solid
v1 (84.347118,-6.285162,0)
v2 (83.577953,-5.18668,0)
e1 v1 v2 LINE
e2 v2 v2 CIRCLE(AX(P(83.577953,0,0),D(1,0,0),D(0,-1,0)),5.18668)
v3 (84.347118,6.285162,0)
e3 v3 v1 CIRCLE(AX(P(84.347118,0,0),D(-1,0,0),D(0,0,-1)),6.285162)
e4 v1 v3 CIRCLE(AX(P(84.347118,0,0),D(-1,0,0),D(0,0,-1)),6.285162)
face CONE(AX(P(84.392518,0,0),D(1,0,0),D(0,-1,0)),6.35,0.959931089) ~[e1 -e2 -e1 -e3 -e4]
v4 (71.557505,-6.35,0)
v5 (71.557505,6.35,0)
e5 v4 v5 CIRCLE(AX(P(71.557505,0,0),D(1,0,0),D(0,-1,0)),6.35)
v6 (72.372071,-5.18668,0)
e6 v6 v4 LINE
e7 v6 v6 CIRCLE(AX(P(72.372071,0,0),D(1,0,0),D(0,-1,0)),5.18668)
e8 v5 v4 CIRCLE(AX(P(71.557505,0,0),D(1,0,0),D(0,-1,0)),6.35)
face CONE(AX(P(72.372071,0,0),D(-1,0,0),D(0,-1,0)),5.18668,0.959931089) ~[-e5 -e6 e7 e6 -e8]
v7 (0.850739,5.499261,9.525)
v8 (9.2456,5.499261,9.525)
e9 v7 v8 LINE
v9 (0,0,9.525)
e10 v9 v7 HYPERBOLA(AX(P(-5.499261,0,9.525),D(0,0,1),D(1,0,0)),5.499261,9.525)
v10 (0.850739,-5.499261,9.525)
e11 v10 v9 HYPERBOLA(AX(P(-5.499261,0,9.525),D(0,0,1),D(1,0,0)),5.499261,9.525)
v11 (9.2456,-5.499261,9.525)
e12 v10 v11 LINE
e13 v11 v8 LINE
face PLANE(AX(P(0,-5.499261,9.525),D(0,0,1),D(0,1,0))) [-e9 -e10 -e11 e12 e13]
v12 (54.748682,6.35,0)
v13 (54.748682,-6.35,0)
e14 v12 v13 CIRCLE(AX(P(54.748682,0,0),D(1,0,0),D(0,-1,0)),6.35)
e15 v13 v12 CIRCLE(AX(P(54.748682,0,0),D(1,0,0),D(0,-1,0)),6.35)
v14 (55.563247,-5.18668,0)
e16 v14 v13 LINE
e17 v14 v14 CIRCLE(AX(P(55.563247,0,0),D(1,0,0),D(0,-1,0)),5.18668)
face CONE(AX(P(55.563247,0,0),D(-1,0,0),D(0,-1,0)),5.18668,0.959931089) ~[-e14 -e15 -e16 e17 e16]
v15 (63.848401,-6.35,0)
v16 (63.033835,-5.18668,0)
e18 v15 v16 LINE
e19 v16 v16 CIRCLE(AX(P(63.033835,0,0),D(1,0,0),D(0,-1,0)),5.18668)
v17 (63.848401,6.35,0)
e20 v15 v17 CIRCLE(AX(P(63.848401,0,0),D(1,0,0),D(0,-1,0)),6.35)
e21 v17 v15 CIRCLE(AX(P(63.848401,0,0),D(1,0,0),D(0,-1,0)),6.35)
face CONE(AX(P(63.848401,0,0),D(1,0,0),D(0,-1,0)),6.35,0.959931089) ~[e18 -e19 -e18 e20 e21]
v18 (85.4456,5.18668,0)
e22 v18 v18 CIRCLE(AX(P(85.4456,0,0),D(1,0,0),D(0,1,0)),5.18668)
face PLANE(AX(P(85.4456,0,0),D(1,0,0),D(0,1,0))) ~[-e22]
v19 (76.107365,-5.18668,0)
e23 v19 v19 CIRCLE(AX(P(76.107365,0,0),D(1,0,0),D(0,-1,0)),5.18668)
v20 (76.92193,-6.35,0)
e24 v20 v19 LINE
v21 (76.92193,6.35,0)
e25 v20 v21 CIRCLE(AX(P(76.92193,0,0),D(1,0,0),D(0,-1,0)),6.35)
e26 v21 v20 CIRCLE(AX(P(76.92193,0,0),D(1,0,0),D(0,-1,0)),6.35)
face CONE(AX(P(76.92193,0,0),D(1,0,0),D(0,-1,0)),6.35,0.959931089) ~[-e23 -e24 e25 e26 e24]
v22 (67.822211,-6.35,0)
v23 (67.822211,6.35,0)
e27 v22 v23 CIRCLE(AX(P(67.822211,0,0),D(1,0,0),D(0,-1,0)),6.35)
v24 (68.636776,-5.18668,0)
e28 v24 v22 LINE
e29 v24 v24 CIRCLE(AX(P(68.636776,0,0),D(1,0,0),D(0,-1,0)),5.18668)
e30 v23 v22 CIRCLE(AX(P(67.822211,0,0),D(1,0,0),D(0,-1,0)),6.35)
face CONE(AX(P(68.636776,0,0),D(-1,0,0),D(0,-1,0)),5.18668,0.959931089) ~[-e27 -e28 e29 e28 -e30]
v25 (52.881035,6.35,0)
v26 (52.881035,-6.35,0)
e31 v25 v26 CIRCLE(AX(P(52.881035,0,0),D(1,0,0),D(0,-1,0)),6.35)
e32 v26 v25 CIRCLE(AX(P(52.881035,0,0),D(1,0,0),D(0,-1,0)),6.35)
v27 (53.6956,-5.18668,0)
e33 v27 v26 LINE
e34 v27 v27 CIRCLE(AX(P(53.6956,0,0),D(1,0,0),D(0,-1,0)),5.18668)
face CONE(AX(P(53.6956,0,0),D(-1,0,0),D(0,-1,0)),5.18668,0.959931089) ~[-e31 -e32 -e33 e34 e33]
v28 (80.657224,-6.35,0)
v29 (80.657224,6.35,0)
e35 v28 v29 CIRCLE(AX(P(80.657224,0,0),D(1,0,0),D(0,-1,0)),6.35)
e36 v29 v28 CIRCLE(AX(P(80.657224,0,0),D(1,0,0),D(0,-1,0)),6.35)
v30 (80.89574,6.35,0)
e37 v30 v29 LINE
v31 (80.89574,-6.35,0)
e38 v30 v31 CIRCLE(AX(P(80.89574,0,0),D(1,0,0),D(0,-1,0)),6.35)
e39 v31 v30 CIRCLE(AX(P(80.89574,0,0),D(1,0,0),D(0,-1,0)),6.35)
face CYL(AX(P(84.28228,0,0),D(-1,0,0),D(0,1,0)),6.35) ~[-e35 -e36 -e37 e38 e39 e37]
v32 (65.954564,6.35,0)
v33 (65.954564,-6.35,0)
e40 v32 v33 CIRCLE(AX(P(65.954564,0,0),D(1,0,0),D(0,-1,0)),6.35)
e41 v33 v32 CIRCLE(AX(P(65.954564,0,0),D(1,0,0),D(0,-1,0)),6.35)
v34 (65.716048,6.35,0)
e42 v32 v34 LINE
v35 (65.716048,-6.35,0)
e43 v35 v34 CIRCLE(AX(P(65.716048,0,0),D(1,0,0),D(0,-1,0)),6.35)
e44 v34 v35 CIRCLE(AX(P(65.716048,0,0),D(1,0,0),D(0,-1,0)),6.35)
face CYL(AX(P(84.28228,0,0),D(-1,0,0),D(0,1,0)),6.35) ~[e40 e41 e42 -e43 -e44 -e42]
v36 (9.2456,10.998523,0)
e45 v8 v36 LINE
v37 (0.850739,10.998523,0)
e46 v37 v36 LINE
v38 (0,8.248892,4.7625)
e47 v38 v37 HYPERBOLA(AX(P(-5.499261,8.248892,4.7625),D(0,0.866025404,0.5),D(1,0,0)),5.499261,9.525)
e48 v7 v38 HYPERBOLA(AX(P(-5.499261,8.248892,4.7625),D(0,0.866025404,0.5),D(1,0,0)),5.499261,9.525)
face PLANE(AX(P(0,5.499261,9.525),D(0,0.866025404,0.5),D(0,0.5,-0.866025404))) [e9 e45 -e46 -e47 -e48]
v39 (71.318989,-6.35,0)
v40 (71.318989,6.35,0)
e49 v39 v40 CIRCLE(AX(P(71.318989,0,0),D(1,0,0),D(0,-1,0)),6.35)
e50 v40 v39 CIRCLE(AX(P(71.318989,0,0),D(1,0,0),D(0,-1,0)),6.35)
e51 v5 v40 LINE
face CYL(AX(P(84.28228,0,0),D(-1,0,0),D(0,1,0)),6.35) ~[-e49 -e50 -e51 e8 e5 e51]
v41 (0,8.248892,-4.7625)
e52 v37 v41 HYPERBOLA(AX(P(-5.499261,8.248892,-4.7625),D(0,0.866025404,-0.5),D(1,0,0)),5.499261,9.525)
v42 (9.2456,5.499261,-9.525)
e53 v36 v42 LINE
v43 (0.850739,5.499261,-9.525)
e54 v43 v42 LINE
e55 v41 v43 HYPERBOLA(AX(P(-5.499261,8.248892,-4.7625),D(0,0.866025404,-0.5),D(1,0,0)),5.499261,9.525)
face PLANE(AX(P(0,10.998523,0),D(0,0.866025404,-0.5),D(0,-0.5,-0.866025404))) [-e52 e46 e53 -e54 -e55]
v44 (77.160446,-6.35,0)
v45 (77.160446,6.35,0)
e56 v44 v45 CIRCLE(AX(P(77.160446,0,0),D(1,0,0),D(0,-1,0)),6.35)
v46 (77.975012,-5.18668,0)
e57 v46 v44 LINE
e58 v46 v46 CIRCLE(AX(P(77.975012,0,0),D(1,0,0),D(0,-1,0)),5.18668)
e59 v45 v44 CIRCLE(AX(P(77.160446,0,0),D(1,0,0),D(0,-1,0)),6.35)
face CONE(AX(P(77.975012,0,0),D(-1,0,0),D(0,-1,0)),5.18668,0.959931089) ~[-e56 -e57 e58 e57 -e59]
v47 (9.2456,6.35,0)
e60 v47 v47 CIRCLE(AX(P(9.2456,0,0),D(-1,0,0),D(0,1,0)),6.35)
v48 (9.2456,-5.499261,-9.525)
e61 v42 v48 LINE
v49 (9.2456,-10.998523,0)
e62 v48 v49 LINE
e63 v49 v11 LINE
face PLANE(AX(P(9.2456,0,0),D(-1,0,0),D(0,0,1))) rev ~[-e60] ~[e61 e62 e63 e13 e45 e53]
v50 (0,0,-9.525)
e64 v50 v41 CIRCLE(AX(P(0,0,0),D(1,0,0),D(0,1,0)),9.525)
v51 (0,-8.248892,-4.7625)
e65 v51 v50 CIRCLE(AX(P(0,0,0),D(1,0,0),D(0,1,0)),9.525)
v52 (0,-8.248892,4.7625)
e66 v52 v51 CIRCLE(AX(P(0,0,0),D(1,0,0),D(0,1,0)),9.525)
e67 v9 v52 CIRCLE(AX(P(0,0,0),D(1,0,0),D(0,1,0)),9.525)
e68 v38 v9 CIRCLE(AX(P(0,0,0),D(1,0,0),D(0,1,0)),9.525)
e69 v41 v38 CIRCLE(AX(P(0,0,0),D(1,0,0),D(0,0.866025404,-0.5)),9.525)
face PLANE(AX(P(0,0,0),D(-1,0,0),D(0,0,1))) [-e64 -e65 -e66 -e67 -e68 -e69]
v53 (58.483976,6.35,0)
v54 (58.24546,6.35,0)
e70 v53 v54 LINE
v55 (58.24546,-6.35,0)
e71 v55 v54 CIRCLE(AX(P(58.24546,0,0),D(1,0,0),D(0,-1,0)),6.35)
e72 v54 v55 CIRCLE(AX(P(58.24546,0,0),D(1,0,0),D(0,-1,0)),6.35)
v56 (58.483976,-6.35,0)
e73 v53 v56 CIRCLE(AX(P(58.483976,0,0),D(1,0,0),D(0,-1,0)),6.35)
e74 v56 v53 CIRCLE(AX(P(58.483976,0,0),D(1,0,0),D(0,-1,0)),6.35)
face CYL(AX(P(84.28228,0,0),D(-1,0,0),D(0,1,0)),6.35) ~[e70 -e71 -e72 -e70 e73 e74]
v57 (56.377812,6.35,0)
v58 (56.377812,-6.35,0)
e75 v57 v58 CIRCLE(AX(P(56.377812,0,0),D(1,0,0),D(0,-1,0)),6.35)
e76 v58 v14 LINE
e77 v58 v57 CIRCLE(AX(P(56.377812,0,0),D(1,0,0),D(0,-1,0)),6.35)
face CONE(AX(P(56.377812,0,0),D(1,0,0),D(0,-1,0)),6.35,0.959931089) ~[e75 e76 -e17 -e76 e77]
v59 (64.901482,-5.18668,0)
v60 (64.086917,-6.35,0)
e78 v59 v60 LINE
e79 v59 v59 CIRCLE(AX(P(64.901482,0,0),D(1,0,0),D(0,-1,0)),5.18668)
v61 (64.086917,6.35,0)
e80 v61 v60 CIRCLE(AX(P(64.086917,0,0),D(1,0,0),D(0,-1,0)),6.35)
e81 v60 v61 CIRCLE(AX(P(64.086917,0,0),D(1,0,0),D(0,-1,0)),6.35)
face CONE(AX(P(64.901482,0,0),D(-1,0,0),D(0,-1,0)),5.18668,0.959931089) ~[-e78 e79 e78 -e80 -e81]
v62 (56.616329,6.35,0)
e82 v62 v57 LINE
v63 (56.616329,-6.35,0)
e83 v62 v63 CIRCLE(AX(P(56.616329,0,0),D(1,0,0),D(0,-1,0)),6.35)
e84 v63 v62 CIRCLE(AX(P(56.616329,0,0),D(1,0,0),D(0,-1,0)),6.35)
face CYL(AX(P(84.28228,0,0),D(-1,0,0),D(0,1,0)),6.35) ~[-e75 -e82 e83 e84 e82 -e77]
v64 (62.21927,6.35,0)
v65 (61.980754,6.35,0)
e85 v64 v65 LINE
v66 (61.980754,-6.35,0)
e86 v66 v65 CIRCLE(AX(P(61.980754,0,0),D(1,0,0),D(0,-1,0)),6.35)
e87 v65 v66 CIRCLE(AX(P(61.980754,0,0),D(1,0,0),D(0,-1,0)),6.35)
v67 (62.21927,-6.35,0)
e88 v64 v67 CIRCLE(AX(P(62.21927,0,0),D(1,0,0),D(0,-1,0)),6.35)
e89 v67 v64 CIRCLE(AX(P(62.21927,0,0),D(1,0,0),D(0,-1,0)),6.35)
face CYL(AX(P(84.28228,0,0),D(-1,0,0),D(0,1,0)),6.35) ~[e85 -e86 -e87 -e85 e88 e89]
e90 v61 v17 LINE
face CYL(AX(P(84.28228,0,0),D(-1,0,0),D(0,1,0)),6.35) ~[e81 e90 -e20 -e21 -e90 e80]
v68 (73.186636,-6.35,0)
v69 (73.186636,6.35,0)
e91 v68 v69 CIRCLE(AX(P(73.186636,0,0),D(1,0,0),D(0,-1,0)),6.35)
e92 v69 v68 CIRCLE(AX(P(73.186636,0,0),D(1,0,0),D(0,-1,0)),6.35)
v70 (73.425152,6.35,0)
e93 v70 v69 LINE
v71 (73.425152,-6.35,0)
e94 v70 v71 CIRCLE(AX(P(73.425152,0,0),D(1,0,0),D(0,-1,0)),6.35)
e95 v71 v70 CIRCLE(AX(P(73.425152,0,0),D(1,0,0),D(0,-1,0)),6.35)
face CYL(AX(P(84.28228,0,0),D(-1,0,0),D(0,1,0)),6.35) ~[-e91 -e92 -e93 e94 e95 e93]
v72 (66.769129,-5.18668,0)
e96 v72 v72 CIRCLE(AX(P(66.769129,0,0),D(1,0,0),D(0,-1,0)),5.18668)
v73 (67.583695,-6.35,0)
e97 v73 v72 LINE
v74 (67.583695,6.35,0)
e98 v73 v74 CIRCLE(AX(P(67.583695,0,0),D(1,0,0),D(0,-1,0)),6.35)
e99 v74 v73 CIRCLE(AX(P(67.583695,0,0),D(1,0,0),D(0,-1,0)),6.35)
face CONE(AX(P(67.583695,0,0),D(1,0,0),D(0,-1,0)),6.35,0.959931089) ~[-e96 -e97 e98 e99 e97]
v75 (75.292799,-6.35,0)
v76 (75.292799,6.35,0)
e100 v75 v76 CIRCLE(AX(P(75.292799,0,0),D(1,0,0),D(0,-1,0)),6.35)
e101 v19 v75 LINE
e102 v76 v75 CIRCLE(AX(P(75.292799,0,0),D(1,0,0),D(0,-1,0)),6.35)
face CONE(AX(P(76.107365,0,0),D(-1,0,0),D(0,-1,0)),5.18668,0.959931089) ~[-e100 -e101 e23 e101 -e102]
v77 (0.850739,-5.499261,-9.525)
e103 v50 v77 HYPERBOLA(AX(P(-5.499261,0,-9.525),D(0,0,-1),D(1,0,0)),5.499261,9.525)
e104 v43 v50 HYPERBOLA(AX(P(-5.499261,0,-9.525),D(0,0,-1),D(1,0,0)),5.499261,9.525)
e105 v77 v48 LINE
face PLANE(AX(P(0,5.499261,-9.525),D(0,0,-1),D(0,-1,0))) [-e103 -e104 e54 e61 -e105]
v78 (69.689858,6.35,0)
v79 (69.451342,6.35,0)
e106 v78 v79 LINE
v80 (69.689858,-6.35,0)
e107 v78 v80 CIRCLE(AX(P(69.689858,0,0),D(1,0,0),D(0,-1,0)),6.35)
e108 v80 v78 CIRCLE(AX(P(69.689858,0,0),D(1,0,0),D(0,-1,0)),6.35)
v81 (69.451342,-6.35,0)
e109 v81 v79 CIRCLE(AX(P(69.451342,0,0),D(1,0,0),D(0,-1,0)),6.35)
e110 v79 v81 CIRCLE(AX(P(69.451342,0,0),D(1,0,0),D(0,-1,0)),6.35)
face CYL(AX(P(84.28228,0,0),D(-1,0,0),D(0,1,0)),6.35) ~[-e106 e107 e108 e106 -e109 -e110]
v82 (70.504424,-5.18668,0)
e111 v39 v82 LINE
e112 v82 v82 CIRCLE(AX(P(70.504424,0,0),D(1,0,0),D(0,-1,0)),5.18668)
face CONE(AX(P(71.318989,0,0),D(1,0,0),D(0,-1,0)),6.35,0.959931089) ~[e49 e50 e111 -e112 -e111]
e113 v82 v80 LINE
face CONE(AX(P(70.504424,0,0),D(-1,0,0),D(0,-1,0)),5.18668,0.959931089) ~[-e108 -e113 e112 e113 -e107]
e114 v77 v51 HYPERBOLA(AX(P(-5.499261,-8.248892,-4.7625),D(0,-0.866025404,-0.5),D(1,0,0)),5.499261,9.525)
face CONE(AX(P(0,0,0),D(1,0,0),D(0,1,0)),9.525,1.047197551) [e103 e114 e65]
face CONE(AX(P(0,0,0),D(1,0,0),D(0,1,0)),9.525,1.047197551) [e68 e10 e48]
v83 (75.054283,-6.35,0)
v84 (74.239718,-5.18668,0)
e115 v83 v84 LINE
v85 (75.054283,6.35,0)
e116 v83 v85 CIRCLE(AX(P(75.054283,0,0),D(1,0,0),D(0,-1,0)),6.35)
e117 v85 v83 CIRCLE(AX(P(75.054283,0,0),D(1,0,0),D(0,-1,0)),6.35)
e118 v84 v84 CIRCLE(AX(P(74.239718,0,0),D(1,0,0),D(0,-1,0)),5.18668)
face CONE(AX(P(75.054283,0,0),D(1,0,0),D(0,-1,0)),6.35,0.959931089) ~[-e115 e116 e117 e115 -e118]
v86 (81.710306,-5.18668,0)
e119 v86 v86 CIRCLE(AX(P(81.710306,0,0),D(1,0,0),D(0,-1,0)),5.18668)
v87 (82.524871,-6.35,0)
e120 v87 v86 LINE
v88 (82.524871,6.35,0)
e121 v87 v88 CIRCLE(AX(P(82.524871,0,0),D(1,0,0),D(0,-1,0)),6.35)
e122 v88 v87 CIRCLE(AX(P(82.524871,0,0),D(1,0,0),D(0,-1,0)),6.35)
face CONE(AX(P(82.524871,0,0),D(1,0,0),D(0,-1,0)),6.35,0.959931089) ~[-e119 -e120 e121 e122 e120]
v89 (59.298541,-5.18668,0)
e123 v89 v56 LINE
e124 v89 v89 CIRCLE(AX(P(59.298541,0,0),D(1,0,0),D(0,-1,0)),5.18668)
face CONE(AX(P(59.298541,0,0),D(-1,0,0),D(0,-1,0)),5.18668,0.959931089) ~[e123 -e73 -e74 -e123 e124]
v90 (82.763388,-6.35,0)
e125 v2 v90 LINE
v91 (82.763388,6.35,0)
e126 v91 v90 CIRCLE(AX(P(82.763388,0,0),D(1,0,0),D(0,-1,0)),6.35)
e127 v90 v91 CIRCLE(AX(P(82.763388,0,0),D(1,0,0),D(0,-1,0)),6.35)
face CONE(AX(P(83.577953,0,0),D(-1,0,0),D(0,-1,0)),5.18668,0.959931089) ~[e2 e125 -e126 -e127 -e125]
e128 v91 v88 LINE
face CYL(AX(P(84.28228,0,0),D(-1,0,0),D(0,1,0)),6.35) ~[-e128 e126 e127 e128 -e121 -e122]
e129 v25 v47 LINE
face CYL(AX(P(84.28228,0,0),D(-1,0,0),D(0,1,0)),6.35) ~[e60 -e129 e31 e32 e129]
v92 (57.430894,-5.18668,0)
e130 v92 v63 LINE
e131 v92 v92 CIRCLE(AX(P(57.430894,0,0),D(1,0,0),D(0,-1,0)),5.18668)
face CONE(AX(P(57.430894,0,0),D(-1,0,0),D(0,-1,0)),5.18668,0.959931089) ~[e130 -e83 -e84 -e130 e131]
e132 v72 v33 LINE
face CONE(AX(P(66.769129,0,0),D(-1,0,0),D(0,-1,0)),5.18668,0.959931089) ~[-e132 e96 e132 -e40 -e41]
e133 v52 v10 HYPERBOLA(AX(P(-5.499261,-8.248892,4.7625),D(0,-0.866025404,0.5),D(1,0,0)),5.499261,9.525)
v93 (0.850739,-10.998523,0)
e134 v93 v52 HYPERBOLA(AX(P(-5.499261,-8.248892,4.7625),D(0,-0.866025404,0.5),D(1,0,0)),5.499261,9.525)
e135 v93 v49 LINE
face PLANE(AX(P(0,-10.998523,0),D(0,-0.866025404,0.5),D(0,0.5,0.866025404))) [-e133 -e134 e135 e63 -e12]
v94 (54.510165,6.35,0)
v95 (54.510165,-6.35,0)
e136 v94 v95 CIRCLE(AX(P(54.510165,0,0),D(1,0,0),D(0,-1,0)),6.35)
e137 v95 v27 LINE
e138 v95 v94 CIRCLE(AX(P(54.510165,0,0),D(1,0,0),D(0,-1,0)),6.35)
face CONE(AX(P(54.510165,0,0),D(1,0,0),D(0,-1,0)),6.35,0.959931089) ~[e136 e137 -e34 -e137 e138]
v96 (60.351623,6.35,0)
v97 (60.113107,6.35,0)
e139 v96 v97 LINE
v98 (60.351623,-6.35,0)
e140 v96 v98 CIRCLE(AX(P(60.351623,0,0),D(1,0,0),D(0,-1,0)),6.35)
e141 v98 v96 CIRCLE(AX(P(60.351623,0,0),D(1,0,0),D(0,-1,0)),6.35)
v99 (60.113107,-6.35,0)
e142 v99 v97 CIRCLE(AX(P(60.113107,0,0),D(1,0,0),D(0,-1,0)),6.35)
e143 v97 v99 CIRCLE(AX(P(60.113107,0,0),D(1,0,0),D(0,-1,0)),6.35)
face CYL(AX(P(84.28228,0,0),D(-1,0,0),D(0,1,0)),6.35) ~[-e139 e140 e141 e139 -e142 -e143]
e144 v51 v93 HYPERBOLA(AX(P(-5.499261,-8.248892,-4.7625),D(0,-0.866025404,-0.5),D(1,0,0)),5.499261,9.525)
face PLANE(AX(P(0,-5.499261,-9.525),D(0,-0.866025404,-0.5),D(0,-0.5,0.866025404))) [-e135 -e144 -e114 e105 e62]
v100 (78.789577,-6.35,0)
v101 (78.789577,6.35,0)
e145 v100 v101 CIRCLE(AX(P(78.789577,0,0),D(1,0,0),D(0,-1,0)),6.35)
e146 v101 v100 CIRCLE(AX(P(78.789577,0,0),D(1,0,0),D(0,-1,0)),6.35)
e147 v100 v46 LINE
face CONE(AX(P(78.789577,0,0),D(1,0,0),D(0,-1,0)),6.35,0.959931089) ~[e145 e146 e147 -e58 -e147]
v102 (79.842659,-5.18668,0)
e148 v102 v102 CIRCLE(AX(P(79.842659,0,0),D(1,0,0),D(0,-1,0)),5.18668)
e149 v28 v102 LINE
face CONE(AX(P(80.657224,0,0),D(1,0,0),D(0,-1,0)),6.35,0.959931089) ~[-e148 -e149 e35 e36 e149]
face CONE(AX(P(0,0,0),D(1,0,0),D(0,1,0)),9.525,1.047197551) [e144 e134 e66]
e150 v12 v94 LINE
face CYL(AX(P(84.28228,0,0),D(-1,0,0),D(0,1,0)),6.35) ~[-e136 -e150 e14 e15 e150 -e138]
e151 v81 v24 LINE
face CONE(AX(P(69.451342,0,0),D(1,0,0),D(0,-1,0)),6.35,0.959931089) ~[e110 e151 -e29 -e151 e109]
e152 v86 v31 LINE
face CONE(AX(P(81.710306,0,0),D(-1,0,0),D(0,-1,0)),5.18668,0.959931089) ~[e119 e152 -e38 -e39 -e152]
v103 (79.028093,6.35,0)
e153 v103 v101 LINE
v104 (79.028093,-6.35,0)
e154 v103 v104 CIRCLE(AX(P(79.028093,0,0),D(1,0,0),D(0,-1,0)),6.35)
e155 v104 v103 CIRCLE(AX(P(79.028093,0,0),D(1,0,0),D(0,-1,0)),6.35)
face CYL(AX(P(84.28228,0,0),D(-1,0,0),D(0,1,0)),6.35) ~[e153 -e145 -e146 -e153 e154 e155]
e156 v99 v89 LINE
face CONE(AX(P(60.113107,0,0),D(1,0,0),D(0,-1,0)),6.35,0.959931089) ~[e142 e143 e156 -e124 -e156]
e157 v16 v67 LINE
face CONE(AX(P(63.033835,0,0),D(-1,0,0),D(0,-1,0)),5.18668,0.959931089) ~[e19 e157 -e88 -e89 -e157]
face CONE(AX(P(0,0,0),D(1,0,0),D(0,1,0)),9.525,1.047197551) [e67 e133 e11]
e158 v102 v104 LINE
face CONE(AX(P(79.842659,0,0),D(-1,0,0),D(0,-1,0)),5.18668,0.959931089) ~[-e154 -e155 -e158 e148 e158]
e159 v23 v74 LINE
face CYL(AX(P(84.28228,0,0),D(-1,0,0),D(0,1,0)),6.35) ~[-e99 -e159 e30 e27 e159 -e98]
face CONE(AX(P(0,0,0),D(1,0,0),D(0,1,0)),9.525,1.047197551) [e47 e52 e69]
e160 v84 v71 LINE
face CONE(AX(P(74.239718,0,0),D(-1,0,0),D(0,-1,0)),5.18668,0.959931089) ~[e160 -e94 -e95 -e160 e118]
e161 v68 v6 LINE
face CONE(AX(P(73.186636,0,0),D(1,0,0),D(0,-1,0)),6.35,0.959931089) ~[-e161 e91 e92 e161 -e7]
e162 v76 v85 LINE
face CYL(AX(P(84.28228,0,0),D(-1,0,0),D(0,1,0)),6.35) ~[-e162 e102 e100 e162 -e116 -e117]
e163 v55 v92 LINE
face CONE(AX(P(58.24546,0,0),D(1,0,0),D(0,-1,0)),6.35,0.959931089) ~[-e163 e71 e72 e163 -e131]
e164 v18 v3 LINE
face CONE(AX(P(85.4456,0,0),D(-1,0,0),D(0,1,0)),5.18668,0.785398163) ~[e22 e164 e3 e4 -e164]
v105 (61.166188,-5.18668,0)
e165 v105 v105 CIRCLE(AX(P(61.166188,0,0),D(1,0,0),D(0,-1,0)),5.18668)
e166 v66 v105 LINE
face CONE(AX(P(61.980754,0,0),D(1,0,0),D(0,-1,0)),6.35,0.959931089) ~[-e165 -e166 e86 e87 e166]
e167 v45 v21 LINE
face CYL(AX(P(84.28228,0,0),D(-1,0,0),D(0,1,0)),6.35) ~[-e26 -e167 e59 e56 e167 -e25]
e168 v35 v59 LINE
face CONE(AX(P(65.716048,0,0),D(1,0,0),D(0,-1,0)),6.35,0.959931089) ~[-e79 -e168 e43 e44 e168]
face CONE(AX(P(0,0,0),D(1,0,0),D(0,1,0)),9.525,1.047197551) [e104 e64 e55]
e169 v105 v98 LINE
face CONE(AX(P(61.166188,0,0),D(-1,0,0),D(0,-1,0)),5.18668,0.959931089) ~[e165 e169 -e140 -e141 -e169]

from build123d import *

# Parameters (mm, degrees)
BASEHEAD_DEPTH  = 9.2456
THDSCHPAT_COUNT = 17
THDSCHPAT_PITCH = 1.867647059


with BuildPart() as part:
    # Sketch1 → BaseHead (new body)
    with BuildSketch(Plane(origin=(0, 0, 0), x_dir=(0, 0, -1), z_dir=(1, 0, 0))):
        Polygon((9.525, 5.499261314), (9.525, -5.499261314), (0, -10.998522628), (-9.525, -5.499261314), (-9.525, 5.499261314), (0, 10.998522628), align=None)
    extrude(amount=BASEHEAD_DEPTH)

    # BodySke → BaseBody (revolve)
    with BuildSketch(Plane.XY):
        Polygon((0, 0), (85.4456, 0), (85.4456, 5.18668), (84.28228, 6.35), (0, 6.35), align=None)
    revolve(axis=Axis((0, 0, 0), (1, 0, 0)))

    # Sketch3 → HeadChamfer (revolve, cut)
    with BuildSketch(Plane.XY):
        Polygon((0, 9.525), (4.516912895, 17.348522628), (4.516912895, 23.698522628), (-12.7, 23.698522628), (-12.7, 9.525), align=None)
    revolve(axis=Axis((0, 0, 0), (1, 0, 0)), mode=Mode.SUBTRACT)

    # ThdSchSke → ThreadSchematic (revolve, cut)
    with BuildSketch(Plane.XY):
        Polygon((53.6956, -5.18668), (52.881034567, -6.35), (52.881034567, -7.9375), (54.510165433, -7.9375), (54.510165433, -6.35), align=None)
    threadschematic = revolve(axis=Axis((-3.175, 0, 0), (1, 0, 0)), mode=Mode.SUBTRACT)

    # ThdSchPat: ThreadSchematic ×17
    with Locations(*[(i * THDSCHPAT_PITCH, 0, 0) for i in range(1, THDSCHPAT_COUNT)]):
        add(threadschematic, mode=Mode.SUBTRACT)


solid = part.part
